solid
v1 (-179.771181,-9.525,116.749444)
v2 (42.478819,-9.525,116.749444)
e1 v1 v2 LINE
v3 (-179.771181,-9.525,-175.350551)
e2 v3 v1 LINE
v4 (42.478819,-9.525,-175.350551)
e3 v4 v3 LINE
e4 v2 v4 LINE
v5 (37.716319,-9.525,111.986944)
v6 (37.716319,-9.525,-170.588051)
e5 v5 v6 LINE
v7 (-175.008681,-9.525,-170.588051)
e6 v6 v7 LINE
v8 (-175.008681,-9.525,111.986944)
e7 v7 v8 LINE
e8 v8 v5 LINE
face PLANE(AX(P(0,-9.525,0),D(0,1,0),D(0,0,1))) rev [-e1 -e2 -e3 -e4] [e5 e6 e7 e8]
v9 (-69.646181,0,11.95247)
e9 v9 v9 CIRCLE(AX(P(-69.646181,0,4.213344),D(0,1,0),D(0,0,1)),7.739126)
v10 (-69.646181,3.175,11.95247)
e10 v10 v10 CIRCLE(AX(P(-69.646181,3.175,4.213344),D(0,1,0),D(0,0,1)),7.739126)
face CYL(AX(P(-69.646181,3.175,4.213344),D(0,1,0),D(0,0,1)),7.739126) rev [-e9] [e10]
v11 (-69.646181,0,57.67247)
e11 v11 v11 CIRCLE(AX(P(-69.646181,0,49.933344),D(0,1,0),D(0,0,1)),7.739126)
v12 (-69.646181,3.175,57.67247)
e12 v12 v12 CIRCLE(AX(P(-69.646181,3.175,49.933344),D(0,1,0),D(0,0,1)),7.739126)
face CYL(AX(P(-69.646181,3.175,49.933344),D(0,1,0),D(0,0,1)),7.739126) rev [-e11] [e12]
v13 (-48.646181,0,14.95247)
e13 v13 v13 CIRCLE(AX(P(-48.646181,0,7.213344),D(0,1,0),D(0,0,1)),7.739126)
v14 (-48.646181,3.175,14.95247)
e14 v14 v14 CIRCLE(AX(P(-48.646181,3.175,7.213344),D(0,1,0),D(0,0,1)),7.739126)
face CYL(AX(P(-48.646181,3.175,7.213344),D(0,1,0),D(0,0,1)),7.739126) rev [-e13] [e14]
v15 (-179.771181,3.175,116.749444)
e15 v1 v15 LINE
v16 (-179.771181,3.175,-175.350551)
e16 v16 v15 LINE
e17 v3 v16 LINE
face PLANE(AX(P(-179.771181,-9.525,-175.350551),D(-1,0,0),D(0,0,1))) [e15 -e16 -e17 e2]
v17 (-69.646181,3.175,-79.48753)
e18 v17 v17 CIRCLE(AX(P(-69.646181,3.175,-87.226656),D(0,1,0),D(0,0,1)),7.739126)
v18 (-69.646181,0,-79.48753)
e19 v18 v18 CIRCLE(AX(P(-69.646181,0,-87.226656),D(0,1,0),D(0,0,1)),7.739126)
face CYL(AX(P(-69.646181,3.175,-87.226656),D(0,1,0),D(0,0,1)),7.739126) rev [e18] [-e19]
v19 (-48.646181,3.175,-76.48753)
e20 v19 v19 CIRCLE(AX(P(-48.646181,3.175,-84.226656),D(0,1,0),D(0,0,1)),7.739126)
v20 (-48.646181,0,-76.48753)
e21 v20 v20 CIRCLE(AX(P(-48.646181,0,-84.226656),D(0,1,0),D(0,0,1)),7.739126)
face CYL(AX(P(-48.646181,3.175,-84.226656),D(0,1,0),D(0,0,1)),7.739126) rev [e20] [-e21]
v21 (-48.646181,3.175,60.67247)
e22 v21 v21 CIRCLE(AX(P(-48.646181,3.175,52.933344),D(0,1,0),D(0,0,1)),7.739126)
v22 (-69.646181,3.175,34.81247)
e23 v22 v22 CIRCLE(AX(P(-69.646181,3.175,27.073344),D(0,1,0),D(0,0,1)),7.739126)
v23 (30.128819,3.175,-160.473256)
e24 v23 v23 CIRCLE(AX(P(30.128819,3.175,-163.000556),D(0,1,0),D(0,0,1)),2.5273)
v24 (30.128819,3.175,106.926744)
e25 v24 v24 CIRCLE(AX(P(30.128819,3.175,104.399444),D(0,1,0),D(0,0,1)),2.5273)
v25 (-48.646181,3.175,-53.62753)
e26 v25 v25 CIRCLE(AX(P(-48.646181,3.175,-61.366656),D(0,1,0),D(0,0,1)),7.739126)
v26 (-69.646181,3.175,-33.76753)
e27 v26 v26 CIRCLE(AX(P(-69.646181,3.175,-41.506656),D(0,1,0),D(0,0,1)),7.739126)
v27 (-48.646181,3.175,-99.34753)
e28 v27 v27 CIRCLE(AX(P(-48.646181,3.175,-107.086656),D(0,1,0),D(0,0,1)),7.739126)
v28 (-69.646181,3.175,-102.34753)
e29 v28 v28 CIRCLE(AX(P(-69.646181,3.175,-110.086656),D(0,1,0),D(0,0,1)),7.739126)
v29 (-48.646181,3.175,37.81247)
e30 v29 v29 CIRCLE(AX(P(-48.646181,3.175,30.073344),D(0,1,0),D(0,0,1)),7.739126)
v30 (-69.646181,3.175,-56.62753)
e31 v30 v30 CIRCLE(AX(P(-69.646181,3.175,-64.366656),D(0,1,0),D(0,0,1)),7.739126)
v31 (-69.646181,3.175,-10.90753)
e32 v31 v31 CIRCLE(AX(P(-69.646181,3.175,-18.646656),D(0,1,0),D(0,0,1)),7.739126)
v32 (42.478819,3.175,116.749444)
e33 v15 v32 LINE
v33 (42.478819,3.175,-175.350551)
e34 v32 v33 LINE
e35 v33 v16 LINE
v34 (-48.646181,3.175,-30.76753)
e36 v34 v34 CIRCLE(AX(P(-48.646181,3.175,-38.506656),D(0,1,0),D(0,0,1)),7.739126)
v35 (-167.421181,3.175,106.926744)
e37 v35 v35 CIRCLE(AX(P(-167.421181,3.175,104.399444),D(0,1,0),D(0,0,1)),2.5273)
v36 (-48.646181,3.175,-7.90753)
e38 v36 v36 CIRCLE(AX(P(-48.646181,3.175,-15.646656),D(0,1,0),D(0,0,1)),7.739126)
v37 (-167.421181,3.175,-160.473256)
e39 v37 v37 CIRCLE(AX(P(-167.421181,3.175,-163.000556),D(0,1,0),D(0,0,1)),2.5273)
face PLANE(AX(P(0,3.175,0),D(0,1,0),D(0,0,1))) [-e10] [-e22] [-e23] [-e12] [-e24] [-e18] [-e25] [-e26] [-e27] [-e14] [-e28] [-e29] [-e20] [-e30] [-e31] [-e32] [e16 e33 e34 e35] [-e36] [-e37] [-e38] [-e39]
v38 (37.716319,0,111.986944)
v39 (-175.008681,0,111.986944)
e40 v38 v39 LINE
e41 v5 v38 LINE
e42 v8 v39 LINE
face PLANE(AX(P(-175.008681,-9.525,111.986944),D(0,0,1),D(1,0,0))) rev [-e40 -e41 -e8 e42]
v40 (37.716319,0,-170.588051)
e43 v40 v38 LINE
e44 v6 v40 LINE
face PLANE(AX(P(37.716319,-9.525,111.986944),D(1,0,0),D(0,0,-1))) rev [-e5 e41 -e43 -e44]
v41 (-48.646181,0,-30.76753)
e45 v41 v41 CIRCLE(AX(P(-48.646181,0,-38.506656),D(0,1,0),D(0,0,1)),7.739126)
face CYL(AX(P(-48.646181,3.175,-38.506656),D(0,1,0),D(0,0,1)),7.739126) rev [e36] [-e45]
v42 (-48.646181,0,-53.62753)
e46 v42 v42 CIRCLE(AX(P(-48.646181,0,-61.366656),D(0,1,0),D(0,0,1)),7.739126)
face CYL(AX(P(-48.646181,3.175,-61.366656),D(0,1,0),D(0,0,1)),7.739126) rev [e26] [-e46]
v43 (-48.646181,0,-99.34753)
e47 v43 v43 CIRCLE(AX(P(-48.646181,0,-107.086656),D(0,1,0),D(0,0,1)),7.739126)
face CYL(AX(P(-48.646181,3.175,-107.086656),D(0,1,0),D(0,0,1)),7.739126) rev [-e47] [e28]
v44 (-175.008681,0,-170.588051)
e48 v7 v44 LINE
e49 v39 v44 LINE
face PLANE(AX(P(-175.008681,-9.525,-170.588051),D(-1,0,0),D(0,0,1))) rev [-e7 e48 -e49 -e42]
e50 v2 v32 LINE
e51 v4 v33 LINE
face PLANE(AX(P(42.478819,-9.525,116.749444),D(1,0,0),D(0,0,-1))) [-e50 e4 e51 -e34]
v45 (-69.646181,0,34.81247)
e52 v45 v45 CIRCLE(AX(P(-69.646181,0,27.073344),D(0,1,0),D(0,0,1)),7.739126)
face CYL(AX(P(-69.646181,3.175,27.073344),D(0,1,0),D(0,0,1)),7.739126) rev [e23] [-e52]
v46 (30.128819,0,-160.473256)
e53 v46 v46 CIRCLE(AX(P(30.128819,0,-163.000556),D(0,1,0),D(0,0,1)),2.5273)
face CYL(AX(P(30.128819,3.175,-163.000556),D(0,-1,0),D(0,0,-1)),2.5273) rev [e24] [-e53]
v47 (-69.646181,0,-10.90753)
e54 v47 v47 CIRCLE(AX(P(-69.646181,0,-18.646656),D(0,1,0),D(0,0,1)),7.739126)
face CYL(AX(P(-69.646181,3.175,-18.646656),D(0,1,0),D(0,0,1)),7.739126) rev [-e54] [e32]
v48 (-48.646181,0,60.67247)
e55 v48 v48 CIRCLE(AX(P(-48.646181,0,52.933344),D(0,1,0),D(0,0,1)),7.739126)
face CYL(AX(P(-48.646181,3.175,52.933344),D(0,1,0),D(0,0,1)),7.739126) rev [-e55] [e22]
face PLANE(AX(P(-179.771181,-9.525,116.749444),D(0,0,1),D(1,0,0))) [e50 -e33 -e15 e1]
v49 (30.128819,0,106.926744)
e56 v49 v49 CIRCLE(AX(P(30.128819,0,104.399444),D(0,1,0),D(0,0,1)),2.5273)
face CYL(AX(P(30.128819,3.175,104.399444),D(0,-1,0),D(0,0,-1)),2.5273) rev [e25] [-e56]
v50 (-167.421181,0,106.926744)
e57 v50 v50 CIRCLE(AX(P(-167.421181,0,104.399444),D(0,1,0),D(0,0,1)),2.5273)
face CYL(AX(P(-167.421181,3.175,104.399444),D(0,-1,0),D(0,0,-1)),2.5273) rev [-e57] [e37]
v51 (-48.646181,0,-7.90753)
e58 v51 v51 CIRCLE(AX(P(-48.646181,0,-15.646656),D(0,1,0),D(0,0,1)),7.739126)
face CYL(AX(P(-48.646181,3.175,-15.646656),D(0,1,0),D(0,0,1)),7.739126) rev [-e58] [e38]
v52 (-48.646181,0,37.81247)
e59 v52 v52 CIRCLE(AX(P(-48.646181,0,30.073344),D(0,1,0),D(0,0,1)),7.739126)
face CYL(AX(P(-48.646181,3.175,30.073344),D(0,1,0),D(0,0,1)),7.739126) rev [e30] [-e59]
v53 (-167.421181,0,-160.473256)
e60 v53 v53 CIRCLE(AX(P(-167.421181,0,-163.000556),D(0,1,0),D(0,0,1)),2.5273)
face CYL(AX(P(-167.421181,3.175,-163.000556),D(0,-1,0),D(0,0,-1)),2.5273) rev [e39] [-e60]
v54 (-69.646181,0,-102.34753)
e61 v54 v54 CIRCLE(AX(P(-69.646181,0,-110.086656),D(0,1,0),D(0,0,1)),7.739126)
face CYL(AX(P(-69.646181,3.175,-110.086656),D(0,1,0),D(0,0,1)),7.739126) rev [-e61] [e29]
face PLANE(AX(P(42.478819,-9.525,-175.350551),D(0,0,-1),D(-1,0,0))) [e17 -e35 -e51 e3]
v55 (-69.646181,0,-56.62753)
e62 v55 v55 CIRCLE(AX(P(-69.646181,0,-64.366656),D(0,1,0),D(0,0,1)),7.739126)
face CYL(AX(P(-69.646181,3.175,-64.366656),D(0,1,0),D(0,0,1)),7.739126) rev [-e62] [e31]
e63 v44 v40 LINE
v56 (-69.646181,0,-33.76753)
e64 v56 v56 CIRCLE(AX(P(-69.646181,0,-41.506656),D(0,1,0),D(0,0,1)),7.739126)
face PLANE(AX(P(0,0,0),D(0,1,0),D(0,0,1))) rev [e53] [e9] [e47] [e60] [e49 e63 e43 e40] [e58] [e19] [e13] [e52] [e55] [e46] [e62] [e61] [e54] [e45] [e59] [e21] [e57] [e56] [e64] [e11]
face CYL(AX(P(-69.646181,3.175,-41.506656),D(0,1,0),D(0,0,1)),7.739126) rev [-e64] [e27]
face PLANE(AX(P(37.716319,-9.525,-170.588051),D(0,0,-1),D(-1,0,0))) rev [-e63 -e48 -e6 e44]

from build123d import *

# Parameters (mm, degrees)
SKETCH1_W                        = 209.55
SKETCH1_H                        = 279.399995444
SKETCH1_R                        = 2.5273
BOSS_EXTRUDE1_DEPTH              = 3.175
SKETCH2_W                        = 222.25
SKETCH2_H                        = 292.099995444
SKETCH2_W_2                      = 212.725
SKETCH2_H_2                      = 282.574995444
BOSS_EXTRUDE2_DEPTH              = 12.7
SKETCH2_2_W                      = 212.725
SKETCH2_2_H                      = 282.574995444
SKETCH2_2_W_2                    = 209.55
SKETCH2_2_H_2                    = 279.399995444
BOSS_EXTRUDE3_DEPTH              = 3.175
F_39_64_0_60938_DIAMETER_HOLE1_D = 15.478252


with BuildPart() as part:
    # Sketch1 → Boss-Extrude1 (new body)
    with BuildSketch(Plane(origin=(0, 0, 0), x_dir=(1, 0, 0), z_dir=(0, 1, 0))):
        with Locations((-68.646181354, 29.300553278)):
            Rectangle(SKETCH1_W, SKETCH1_H)
        with Locations((-167.421181354, -104.399444444)):
            Circle(SKETCH1_R, mode=Mode.SUBTRACT)
        with Locations((-167.421181354, 163.000555634)):
            Circle(SKETCH1_R, mode=Mode.SUBTRACT)
        with Locations((30.128818646, -104.399444444)):
            Circle(SKETCH1_R, mode=Mode.SUBTRACT)
        with Locations((30.128818646, 163.000555634)):
            Circle(SKETCH1_R, mode=Mode.SUBTRACT)
    extrude(amount=BOSS_EXTRUDE1_DEPTH)



with BuildPart() as body_2:
    # Sketch2 → Boss-Extrude2 (new body)
    with BuildSketch(Plane(origin=(0, 3.175, 0), x_dir=(1, 0, 0), z_dir=(0, 1, 0))):
        with Locations((-68.646181354, 29.300553278)):
            Rectangle(SKETCH2_W, SKETCH2_H)
        with Locations((-68.646181354, 29.300553278)):
            Rectangle(SKETCH2_W_2, SKETCH2_H_2, mode=Mode.SUBTRACT)
    extrude(amount=-BOSS_EXTRUDE2_DEPTH)


with BuildPart() as part_1:
    add(part.part)

    add(body_2.part)  # Boss-Extrude3 merges body 2
    # Sketch2<2> → Boss-Extrude3 (add)
    with BuildSketch(Plane(origin=(0, 3.175, 0), x_dir=(1, 0, 0), z_dir=(0, 1, 0))):
        with Locations((-68.646181354, 29.300553278)):
            Rectangle(SKETCH2_2_W, SKETCH2_2_H)
        with Locations((-68.646181354, 29.300553278)):
            Rectangle(SKETCH2_2_W_2, SKETCH2_2_H_2, mode=Mode.SUBTRACT)
    extrude(amount=-BOSS_EXTRUDE3_DEPTH)

    # 39/64 (0.60938) Diameter Hole1 (through all)
    with Locations(Plane(origin=(0, 3.175, 0), x_dir=(1, 0, 0), z_dir=(0, 1, 0))):
        with Locations((-69.646181393, 110.086655576), (-48.646181397, 107.086655551), (-69.64618139, 87.226655576), (-48.646181393, 84.226655551), (-48.64618139, 61.366655551), (-69.646181387, 64.366655576), (-69.646181383, 41.506655576), (-48.646181387, 38.506655551), (-48.646181384, 15.646655551), (-69.64618138, 18.646655576), (-69.646181377, -4.213344424), (-48.646181381, -7.213344449), (-48.646181377, -30.073344449), (-69.646181374, -27.073344424), (-69.646181371, -49.933344424), (-48.646181374, -52.933344449)):
            Hole(F_39_64_0_60938_DIAMETER_HOLE1_D / 2)


solid = part_1.part
